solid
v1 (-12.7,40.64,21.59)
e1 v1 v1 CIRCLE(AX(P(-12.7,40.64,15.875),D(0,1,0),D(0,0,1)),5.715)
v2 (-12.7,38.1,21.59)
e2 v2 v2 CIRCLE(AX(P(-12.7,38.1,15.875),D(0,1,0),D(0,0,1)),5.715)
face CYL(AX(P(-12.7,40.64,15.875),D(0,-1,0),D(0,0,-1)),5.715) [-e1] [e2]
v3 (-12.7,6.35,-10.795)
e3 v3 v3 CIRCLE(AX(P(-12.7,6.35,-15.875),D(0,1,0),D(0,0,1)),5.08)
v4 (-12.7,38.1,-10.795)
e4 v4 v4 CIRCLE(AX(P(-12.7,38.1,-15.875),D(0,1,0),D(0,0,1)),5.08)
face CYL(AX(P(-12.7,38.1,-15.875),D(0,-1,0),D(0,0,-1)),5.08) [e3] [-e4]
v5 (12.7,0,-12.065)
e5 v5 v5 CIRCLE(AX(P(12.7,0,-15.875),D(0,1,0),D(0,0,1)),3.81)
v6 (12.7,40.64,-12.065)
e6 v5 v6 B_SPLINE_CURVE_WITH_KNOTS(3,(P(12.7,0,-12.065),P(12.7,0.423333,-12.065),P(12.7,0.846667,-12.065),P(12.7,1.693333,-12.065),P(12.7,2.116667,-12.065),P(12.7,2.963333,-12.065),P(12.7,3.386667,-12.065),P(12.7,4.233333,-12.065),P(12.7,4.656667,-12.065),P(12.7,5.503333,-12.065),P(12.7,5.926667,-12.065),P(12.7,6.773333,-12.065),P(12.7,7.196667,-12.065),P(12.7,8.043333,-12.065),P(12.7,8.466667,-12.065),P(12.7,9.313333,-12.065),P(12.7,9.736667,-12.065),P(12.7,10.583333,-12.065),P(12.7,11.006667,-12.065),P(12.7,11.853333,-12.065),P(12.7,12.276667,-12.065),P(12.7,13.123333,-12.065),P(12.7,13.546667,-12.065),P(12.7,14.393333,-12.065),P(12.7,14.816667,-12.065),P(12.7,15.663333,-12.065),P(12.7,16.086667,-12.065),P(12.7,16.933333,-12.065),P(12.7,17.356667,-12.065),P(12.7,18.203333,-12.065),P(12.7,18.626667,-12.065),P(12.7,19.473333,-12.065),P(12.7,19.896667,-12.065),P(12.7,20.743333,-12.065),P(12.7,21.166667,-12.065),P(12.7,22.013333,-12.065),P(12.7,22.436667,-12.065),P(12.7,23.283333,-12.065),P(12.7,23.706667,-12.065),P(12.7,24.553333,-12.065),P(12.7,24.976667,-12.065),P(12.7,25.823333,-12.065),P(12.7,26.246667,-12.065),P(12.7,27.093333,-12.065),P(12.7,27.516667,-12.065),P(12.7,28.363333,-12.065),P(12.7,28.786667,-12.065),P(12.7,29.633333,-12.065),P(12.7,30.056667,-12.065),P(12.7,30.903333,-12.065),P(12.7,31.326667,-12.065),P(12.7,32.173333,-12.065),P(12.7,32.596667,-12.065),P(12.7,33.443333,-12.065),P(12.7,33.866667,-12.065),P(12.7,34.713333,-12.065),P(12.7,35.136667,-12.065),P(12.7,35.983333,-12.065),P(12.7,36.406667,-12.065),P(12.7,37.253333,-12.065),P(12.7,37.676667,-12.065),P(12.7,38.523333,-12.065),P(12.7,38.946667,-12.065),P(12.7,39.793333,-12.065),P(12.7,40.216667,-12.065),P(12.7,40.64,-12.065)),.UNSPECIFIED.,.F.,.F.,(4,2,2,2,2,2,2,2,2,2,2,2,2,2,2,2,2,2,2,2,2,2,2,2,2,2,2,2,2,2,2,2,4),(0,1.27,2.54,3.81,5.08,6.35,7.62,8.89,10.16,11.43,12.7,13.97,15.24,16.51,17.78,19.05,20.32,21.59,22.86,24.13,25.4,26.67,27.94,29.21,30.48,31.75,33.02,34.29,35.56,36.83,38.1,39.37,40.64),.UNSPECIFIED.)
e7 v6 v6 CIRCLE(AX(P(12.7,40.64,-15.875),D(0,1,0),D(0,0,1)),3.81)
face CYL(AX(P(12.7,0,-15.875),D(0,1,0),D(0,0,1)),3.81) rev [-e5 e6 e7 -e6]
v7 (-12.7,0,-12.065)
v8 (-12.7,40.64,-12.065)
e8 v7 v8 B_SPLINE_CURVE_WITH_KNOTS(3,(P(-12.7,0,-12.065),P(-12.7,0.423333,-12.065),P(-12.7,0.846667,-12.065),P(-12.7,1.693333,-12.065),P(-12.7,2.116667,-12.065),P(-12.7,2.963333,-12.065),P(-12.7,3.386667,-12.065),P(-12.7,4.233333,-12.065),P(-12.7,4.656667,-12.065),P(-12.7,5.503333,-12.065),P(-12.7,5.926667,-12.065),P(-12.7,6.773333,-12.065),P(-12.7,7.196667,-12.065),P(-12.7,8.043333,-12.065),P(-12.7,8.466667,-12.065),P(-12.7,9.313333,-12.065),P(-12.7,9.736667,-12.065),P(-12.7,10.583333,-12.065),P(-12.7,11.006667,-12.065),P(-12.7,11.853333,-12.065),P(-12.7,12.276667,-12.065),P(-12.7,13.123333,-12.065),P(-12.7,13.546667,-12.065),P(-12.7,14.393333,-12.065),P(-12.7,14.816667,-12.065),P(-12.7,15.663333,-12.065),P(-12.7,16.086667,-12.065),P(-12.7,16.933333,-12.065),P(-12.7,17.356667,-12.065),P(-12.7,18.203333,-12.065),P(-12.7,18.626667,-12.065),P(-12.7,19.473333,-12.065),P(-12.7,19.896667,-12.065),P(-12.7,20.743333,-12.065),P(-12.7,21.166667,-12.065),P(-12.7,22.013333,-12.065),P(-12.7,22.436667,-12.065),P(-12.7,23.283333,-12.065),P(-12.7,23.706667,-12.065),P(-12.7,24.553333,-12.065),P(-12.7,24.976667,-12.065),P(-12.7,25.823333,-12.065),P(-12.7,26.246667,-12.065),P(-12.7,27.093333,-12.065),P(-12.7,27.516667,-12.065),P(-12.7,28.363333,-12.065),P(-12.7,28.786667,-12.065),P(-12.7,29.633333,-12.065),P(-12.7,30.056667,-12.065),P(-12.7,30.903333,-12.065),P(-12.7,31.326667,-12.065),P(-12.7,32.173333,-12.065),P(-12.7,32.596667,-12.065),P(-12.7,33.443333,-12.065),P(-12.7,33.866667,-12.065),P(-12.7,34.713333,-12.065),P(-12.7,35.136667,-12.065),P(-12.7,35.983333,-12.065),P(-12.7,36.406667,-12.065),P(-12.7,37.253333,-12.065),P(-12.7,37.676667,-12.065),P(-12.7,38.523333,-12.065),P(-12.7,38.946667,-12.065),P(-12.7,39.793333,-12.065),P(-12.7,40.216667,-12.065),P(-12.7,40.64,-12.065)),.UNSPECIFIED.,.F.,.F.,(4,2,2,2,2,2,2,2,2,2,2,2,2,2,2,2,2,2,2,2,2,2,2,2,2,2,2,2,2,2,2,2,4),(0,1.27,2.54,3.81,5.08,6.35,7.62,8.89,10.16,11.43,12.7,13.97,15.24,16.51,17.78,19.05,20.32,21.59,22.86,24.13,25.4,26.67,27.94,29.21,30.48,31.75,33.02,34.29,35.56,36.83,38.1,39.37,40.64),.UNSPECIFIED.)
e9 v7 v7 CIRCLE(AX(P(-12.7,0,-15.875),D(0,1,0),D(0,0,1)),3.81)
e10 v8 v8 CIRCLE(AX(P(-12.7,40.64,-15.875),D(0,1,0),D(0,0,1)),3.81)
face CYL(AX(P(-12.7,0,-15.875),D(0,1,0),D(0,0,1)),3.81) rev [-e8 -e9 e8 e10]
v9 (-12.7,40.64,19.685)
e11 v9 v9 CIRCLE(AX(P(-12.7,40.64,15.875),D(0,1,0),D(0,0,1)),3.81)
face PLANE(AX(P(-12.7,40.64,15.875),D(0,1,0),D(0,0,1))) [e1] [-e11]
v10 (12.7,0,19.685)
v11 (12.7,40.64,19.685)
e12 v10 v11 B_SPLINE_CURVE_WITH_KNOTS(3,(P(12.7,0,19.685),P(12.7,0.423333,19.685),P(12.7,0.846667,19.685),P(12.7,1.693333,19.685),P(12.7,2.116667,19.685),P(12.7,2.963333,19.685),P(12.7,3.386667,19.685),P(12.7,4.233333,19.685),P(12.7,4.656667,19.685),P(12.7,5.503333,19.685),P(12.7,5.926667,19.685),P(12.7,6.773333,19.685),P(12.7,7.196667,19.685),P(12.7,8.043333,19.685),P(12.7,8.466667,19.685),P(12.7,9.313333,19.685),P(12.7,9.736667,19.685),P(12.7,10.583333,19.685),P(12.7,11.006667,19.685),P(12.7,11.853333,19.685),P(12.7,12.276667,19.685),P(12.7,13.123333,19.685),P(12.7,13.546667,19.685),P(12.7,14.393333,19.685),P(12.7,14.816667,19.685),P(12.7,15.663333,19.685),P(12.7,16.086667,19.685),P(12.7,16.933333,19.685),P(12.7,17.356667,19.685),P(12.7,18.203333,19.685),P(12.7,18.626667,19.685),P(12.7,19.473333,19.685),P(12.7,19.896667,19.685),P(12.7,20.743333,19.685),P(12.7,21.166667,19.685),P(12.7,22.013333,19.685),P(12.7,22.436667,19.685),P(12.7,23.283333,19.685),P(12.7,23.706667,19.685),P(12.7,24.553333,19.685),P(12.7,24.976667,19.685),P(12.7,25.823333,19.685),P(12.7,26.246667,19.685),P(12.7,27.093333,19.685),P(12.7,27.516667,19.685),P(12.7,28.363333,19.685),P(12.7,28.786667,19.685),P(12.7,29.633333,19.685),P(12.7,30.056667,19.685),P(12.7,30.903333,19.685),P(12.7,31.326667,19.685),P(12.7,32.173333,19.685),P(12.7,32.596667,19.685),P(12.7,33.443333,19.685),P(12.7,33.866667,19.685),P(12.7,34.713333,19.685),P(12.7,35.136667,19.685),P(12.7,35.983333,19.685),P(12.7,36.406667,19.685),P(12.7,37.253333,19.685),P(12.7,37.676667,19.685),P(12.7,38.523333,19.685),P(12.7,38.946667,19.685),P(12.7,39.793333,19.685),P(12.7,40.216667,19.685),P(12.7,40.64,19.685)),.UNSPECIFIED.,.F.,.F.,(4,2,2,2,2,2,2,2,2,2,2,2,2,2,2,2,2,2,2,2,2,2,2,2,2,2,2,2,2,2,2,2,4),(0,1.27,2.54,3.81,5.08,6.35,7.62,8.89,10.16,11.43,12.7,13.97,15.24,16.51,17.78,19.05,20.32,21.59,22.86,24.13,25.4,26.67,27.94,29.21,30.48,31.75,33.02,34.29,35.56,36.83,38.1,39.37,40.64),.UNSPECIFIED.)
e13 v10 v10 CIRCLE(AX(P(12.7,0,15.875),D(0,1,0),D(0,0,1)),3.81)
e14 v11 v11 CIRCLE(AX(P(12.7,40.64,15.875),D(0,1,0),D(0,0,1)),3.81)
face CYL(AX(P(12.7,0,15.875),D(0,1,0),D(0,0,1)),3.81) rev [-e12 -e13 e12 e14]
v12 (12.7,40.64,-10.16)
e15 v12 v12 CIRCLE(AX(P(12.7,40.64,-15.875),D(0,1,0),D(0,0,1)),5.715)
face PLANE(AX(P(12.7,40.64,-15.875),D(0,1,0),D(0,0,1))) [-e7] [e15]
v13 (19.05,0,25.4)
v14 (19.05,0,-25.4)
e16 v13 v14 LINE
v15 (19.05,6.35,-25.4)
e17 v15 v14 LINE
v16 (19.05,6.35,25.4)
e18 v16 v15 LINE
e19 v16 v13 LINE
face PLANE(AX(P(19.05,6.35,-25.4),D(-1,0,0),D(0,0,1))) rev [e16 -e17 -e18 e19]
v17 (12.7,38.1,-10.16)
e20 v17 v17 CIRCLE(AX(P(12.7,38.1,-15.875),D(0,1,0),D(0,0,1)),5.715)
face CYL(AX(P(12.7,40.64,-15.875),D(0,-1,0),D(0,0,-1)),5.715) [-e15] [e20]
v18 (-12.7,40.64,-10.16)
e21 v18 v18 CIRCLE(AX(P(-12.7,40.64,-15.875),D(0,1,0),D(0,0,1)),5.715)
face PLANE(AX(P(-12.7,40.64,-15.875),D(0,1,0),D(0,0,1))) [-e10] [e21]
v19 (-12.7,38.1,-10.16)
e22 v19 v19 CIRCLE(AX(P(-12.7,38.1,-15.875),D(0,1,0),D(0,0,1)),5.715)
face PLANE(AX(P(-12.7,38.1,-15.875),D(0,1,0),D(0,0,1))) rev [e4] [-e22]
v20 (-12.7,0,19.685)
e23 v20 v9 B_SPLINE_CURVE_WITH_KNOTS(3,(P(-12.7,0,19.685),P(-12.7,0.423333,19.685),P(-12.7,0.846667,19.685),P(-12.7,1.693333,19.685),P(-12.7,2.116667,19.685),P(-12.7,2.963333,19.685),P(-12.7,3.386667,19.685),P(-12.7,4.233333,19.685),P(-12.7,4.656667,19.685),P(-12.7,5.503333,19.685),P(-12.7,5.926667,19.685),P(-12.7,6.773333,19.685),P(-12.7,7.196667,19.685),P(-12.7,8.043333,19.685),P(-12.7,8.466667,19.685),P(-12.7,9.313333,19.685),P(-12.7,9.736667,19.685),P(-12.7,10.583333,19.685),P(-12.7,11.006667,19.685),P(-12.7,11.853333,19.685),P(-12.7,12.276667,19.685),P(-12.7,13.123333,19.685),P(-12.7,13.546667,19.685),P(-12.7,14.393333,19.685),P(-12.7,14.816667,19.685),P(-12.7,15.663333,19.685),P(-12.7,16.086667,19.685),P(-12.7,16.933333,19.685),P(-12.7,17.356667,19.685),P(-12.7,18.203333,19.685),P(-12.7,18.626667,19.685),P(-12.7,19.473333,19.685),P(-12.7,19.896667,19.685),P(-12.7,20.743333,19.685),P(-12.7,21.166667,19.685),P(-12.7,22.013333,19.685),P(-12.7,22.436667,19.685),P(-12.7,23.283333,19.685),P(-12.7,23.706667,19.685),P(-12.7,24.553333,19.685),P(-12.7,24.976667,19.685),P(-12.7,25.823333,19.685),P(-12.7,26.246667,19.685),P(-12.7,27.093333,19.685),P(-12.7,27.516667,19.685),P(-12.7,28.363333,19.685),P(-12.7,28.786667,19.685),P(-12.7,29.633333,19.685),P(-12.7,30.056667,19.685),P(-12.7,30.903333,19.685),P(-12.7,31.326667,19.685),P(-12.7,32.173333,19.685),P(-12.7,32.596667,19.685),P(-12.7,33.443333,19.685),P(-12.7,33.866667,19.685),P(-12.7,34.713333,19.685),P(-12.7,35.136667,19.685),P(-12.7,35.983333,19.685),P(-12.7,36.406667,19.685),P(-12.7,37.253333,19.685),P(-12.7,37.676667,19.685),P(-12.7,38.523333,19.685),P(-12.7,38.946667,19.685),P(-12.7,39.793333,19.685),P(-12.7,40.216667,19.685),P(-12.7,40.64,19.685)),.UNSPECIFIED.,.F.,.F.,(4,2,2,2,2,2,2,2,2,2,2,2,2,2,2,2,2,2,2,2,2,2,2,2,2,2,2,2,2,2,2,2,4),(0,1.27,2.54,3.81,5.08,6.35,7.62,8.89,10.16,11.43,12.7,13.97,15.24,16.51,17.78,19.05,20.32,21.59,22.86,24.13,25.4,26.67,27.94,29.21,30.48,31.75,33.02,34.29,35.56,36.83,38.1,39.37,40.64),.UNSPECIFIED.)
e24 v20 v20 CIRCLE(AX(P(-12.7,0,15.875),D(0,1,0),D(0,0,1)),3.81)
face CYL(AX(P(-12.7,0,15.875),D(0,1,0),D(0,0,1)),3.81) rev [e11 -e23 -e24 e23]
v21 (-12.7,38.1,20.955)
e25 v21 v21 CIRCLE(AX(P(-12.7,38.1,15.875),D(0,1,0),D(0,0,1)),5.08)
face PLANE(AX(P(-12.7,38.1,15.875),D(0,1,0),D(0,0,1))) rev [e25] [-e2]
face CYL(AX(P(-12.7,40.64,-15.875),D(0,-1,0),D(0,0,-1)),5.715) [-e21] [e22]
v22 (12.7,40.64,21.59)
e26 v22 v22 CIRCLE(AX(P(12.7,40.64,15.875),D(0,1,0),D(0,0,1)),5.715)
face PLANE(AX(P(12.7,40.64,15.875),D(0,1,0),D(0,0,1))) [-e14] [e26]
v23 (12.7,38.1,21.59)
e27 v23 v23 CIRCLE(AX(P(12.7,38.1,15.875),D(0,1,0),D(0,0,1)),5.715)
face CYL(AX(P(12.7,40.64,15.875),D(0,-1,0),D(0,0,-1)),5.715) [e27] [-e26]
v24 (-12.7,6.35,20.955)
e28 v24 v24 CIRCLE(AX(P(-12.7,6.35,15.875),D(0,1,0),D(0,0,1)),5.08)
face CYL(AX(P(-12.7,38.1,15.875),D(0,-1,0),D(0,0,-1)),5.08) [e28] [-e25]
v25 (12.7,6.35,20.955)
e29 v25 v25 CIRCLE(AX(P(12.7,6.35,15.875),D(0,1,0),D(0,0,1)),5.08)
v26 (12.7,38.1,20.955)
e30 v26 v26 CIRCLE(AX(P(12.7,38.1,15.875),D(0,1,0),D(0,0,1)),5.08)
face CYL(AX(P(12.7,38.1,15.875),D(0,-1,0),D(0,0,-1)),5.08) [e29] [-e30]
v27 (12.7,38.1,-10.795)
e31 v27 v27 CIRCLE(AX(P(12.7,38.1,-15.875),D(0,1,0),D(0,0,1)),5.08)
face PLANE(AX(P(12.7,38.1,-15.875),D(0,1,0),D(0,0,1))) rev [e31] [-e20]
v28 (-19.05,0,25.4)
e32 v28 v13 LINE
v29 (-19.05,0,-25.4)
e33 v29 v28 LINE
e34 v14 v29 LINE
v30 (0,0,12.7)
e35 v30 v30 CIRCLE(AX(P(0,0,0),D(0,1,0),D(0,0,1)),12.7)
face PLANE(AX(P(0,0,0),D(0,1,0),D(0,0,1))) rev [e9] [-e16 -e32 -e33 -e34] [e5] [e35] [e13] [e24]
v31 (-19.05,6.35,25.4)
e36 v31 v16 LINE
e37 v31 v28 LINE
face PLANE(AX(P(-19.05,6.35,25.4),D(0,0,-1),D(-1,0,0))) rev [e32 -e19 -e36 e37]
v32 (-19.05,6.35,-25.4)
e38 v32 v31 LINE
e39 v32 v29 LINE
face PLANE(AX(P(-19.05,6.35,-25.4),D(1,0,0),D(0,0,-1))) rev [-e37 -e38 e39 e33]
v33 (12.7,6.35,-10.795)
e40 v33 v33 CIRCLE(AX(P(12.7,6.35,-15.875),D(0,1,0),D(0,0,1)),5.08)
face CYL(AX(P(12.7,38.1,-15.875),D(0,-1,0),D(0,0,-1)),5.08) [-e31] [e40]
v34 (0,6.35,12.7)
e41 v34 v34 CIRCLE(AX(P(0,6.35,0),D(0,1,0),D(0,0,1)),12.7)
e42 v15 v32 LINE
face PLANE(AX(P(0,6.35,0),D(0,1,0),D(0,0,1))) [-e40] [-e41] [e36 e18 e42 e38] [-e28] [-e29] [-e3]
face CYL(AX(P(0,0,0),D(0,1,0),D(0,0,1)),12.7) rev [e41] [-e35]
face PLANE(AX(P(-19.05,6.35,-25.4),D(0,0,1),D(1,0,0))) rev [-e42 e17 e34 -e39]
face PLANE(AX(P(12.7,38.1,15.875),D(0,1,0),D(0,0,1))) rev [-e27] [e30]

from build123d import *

# Parameters (mm, degrees)
SKETCH1_W           = 38.1
SKETCH1_H           = 50.8
BOSS_EXTRUDE1_DEPTH = 6.35
SKETCH2_R           = 5.08
BOSS_EXTRUDE2_DEPTH = 31.75
SKETCH5_R           = 12.7
CUT_EXTRUDE1_DEPTH  = 45.901280605
SKETCH6_R           = 3.81
CUT_EXTRUDE2_DEPTH  = 50.595085442
BOSS_EXTRUDE3_START = 2.54
SKETCH7_R           = 5.715
SKETCH7_R_2         = 3.81
BOSS_EXTRUDE3_DEPTH = 2.54


with BuildPart() as part:
    # Sketch1 → Boss-Extrude1 (new body)
    with BuildSketch(Plane(origin=(0, 0, 0), x_dir=(1, 0, 0), z_dir=(0, 1, 0))):
        Rectangle(SKETCH1_W, SKETCH1_H)
    extrude(amount=BOSS_EXTRUDE1_DEPTH)

    # Sketch2 → Boss-Extrude2 (add)
    with BuildSketch(Plane(origin=(0, 6.35, 0), x_dir=(1, 0, 0), z_dir=(0, 1, 0))):
        with Locations(Location((-12.7, 15.875, 0), (0, 0, 270))):
            Circle(SKETCH2_R)
        with Locations(Location((12.7, 15.875, 0), (0, 0, 270))):
            Circle(SKETCH2_R)
        with Locations(Location((12.7, -15.875, 0), (0, 0, 270))):
            Circle(SKETCH2_R)
        with Locations(Location((-12.7, -15.875, 0), (0, 0, 270))):
            Circle(SKETCH2_R)
    extrude(amount=BOSS_EXTRUDE2_DEPTH)

    # Sketch5 → Cut-Extrude1 (cut, through all)
    with BuildSketch(Plane(origin=(0, 6.35, 0), x_dir=(1, 0, 0), z_dir=(0, 1, 0))):
        with Locations(Location((0, 0, 0), (0, 0, 270))):
            Circle(SKETCH5_R)
    extrude(amount=-CUT_EXTRUDE1_DEPTH, mode=Mode.SUBTRACT)

    # Sketch6 → Cut-Extrude2 (cut, through all)
    with BuildSketch(Plane(origin=(0, 38.1, 0), x_dir=(1, 0, 0), z_dir=(0, 1, 0))):
        with Locations(Location((-12.7, 15.875, 0), (0, 0, 270))):
            Circle(SKETCH6_R)
        with Locations(Location((12.7, 15.875, 0), (0, 0, 270))):
            Circle(SKETCH6_R)
        with Locations(Location((12.7, -15.875, 0), (0, 0, 270))):
            Circle(SKETCH6_R)
        with Locations(Location((-12.7, -15.875, 0), (0, 0, 270))):
            Circle(SKETCH6_R)
    extrude(amount=-CUT_EXTRUDE2_DEPTH, mode=Mode.SUBTRACT)

    # Sketch7 → Boss-Extrude3 (add)
    # profile 1 of 4: a face of its own
    with BuildSketch(Plane(origin=(0, 38.1, 0), x_dir=(1, 0, 0), z_dir=(0, 1, 0)).offset(BOSS_EXTRUDE3_START)):
        with Locations(Location((-12.7, 15.875, 0), (0, 0, 270))):
            Circle(SKETCH7_R)
        with Locations(Location((-12.7, 15.875, 0), (0, 0, 270))):
            Circle(SKETCH7_R_2, mode=Mode.SUBTRACT)
    # profile 2 of 4: a face of its own
    with BuildSketch(Plane(origin=(0, 38.1, 0), x_dir=(1, 0, 0), z_dir=(0, 1, 0)).offset(BOSS_EXTRUDE3_START)):
        with Locations(Location((-12.7, -15.875, 0), (0, 0, 270))):
            Circle(SKETCH7_R)
        with Locations(Location((-12.7, -15.875, 0), (0, 0, 270))):
            Circle(SKETCH7_R_2, mode=Mode.SUBTRACT)
    # profile 3 of 4: a face of its own
    with BuildSketch(Plane(origin=(0, 38.1, 0), x_dir=(1, 0, 0), z_dir=(0, 1, 0)).offset(BOSS_EXTRUDE3_START)):
        with Locations(Location((12.7, -15.875, 0), (0, 0, 270))):
            Circle(SKETCH7_R)
        with Locations(Location((12.7, -15.875, 0), (0, 0, 270))):
            Circle(SKETCH7_R_2, mode=Mode.SUBTRACT)
    # profile 4 of 4: a face of its own
    with BuildSketch(Plane(origin=(0, 38.1, 0), x_dir=(1, 0, 0), z_dir=(0, 1, 0)).offset(BOSS_EXTRUDE3_START)):
        with Locations(Location((12.7, 15.875, 0), (0, 0, 270))):
            Circle(SKETCH7_R)
        with Locations(Location((12.7, 15.875, 0), (0, 0, 270))):
            Circle(SKETCH7_R_2, mode=Mode.SUBTRACT)
    extrude(amount=-BOSS_EXTRUDE3_DEPTH)


solid = part.part
